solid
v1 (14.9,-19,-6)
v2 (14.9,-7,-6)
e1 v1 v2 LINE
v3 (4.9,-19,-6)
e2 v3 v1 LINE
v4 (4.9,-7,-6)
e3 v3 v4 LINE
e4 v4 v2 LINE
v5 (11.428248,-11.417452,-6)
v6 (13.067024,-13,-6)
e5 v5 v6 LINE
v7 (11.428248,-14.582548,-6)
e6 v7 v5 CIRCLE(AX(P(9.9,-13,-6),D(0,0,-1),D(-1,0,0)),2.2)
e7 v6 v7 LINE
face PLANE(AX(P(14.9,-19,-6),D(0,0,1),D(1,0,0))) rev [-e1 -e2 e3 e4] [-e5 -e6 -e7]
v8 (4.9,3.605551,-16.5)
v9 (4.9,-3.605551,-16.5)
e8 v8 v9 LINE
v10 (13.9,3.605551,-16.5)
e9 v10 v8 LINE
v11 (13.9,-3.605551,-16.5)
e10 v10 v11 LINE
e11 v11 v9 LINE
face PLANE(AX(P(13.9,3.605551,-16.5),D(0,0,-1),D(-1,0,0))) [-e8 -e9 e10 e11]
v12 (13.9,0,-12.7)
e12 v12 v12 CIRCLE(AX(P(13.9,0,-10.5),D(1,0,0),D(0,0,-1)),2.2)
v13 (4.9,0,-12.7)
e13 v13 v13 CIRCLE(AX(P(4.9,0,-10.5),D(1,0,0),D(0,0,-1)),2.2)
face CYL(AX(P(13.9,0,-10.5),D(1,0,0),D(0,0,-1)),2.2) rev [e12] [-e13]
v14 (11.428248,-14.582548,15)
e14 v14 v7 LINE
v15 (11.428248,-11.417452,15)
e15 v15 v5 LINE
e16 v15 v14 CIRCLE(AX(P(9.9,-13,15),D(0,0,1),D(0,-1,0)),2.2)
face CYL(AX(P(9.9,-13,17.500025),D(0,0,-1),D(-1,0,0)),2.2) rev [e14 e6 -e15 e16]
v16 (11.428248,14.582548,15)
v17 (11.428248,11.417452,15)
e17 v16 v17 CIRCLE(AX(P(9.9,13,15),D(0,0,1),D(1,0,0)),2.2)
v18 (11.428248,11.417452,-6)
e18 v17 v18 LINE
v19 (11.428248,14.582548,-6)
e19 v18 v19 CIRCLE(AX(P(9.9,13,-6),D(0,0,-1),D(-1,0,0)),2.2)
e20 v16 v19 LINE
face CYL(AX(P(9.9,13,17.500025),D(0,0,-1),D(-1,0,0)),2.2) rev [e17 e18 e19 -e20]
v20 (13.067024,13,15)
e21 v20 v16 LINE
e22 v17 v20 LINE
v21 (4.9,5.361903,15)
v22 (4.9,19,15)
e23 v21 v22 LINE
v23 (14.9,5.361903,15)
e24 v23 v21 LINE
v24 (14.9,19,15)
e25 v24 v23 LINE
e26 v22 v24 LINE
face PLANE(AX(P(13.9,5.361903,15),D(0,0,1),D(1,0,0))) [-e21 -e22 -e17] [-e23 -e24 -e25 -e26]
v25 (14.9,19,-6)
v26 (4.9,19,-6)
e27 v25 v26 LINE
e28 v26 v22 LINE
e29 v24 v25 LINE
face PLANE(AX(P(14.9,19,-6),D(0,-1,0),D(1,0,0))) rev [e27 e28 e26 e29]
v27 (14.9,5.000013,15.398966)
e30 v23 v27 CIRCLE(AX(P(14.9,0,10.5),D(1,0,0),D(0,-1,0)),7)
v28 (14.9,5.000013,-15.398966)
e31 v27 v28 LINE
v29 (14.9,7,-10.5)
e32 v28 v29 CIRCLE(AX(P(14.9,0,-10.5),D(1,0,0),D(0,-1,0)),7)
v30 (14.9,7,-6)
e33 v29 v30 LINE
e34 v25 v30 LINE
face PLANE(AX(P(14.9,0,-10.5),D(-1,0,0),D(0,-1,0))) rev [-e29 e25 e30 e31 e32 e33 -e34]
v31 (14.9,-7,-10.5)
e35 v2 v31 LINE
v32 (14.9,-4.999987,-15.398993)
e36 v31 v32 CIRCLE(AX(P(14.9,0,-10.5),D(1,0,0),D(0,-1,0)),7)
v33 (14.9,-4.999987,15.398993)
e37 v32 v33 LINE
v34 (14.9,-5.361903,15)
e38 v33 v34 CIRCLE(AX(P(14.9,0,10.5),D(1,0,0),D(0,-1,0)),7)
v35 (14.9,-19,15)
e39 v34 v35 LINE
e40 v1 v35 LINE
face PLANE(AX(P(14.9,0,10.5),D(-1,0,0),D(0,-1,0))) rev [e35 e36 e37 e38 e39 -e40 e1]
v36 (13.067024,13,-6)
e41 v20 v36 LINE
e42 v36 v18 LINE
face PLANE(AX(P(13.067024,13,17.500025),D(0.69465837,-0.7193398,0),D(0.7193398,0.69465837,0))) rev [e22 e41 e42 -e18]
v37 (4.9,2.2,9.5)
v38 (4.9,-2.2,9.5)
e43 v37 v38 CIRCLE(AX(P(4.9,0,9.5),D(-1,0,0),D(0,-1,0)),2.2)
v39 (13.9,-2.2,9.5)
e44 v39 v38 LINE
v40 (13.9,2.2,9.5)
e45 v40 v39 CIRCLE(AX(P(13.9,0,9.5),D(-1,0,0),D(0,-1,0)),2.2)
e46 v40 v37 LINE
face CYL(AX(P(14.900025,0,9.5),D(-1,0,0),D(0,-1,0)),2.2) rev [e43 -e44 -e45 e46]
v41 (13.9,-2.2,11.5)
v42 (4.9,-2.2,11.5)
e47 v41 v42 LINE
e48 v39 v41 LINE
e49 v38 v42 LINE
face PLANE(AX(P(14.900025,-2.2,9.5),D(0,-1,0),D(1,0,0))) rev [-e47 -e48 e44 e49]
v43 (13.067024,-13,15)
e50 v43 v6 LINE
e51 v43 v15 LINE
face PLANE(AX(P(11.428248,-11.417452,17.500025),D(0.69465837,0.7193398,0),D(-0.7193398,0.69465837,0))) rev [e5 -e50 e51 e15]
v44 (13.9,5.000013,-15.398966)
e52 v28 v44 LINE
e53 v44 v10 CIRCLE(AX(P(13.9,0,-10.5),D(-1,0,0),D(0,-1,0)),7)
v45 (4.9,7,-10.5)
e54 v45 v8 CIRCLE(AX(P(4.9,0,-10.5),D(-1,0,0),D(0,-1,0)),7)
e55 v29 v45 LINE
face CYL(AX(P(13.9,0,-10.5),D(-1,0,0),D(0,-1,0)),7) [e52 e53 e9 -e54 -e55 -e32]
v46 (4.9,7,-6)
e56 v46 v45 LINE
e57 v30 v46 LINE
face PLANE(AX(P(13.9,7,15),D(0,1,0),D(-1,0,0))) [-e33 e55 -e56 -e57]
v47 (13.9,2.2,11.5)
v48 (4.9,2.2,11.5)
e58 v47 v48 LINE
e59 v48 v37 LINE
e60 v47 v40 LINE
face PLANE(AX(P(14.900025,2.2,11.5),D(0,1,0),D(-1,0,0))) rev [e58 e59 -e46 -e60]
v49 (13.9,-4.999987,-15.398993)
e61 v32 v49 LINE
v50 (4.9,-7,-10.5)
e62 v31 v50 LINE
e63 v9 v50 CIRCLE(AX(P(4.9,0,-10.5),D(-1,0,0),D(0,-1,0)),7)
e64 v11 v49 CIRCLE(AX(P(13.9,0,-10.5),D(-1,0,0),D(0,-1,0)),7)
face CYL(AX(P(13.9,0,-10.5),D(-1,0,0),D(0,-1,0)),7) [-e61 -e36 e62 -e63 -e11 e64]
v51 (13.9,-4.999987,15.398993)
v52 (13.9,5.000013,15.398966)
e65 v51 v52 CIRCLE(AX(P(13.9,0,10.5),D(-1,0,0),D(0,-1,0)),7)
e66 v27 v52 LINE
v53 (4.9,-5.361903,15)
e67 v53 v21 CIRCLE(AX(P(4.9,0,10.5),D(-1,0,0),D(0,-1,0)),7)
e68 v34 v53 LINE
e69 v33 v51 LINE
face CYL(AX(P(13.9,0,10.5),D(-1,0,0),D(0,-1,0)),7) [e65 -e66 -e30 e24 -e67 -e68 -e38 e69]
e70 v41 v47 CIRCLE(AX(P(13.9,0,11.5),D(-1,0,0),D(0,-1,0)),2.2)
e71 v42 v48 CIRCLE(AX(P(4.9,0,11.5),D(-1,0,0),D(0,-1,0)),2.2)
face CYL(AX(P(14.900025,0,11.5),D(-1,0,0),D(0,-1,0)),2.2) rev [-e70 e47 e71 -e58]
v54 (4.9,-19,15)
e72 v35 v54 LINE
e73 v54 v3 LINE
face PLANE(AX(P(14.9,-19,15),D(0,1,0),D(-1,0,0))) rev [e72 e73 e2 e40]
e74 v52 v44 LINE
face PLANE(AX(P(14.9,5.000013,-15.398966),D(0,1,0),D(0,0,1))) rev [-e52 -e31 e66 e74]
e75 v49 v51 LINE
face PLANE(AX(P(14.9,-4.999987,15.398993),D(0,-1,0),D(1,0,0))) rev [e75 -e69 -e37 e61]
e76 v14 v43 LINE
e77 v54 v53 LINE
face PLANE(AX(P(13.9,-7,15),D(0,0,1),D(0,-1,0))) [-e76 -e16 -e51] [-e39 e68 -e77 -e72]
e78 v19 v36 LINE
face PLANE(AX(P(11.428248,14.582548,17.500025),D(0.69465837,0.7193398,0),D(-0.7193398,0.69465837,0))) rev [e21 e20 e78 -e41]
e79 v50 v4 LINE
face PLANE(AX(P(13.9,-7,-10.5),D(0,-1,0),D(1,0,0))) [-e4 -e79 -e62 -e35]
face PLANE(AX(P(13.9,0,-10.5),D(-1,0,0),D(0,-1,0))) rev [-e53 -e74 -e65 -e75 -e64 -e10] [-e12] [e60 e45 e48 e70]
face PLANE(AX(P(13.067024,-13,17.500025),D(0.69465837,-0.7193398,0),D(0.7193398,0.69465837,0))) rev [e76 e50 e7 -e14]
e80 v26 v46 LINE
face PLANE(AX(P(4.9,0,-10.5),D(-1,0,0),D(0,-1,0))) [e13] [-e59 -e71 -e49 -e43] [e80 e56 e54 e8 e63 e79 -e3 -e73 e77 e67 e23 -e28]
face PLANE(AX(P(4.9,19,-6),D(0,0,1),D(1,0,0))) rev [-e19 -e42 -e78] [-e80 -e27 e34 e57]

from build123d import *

# Parameters (mm, degrees)
BOSS_EXTRUDE1_DEPTH = 9
BOSS_EXTRUDE2_DEPTH = 1
BOSS_EXTRUDE3_DEPTH = 1
SKETCH4_W           = 10
SKETCH4_H           = 21
BOSS_EXTRUDE4_DEPTH = 12
SKETCH5_W           = 10
SKETCH5_H           = 21
BOSS_EXTRUDE5_DEPTH = 12
CUT_EXTRUDE1_DEPTH  = 34.693619574
CUT_EXTRUDE2_DEPTH  = 28.699277969
CUT_EXTRUDE3_DEPTH  = 34.693619574
HOLE1_D             = 4.4


with BuildPart() as part:
    # Sketch1 → Boss-Extrude1 (new body)
    with BuildSketch(Plane(origin=(4.9, 0, 0), x_dir=(0, -1, 0), z_dir=(-1, 0, 0))):
        with BuildLine():
            Line((7, -10.5), (7, 15))
            Line((7, 15), (5.361902647, 15))
            ThreePointArc((5.361902647, 15), (0, 17.5), (-5.361902647, 15))
            Line((-5.361902647, 15), (-7, 15))
            Line((-7, 15), (-7, -10.5))
            ThreePointArc((-7, -10.5), (-6.092571663, -13.946820352), (-3.605551275, -16.5))
            Line((-3.605551275, -16.5), (3.605551275, -16.5))
            ThreePointArc((3.605551275, -16.5), (6.092571663, -13.946820352), (7, -10.5))
        make_face()
    extrude(amount=-BOSS_EXTRUDE1_DEPTH)

    # Sketch2 → Boss-Extrude2 (add)
    with BuildSketch(Plane(origin=(13.9, 0, 0), x_dir=(0, 0, -1), z_dir=(1, 0, 0))):
        with BuildLine():
            Line((-15, -7), (-15, -5.361902647))
            ThreePointArc((-15, -5.361902647), (-15.202979206, -5.184784141), (-15.398993058, -4.999986702))
            Line((-15.398993058, -4.999986702), (15.398993058, -4.999986702))
            ThreePointArc((15.398993058, -4.999986702), (13.145760107, -6.480737107), (10.5, -7))
            Line((10.5, -7), (-15, -7))
        make_face()
    extrude(amount=BOSS_EXTRUDE2_DEPTH)

    # Sketch3 → Boss-Extrude3 (add)
    with BuildSketch(Plane(origin=(13.9, 0, 0), x_dir=(0, 0, -1), z_dir=(1, 0, 0))):
        with BuildLine():
            Line((-15, 7), (10.5, 7))
            ThreePointArc((10.5, 7), (13.145742515, 6.480744289), (15.398965913, 5.000013298))
            Line((15.398965913, 5.000013298), (-15.398965913, 5.000013298))
            ThreePointArc((-15.398965913, 5.000013298), (-15.202965132, 5.184796907), (-15, 5.361902647))
            Line((-15, 5.361902647), (-15, 7))
        make_face()
    extrude(amount=BOSS_EXTRUDE3_DEPTH)

    # Sketch4 → Boss-Extrude4 (add)
    with BuildSketch(Plane.XZ.offset(7)):
        with Locations((9.9, 4.5)):
            Rectangle(SKETCH4_W, SKETCH4_H)
    extrude(amount=BOSS_EXTRUDE4_DEPTH)

    # Sketch5 → Boss-Extrude5 (add)
    with BuildSketch(Plane(origin=(0, 7, 0), x_dir=(-1, 0, 0), z_dir=(0, 1, 0))):
        with Locations((-9.9, 4.5)):
            Rectangle(SKETCH5_W, SKETCH5_H)
    extrude(amount=BOSS_EXTRUDE5_DEPTH)

    # Sketch6 → Cut-Extrude1 (cut, through all)
    with BuildSketch(Plane(origin=(0, 0, -6), x_dir=(-1, 0, 0), z_dir=(0, 0, -1))):
        with BuildLine():
            Line((-11.428248415, 14.582547561), (-13.067024387, 13))
            Line((-13.067024387, 13), (-11.428248415, 11.417452439))
            ThreePointArc((-11.428248415, 11.417452439), (-7.7, 13), (-11.428248415, 14.582547561))
        make_face()
    extrude(amount=-CUT_EXTRUDE1_DEPTH, mode=Mode.SUBTRACT)

    # Sketch7 → Cut-Extrude2 (cut, through all)
    with BuildSketch(Plane.ZY.offset(-4.9)):
        with BuildLine():
            Line((9.5, -2.2), (11.5, -2.2))
            ThreePointArc((11.5, -2.2), (13.7, 0), (11.5, 2.2))
            Line((11.5, 2.2), (9.5, 2.2))
            ThreePointArc((9.5, 2.2), (7.3, 0), (9.5, -2.2))
        make_face()
    extrude(amount=-CUT_EXTRUDE2_DEPTH, mode=Mode.SUBTRACT)

    # Sketch8 → Cut-Extrude3 (cut, through all)
    with BuildSketch(Plane(origin=(0, 0, -6), x_dir=(-1, 0, 0), z_dir=(0, 0, -1))):
        with BuildLine():
            Line((-11.428248415, -11.417452439), (-13.067024387, -13))
            Line((-13.067024387, -13), (-11.428248415, -14.582547561))
            ThreePointArc((-11.428248415, -14.582547561), (-7.7, -13), (-11.428248415, -11.417452439))
        make_face()
    extrude(amount=-CUT_EXTRUDE3_DEPTH, mode=Mode.SUBTRACT)

    # Hole1 (through all)
    with Locations(Plane(origin=(13.9, 0, 0), x_dir=(0, 0, -1), z_dir=(1, 0, 0))):
        with Locations((10.5, 0)):
            Hole(HOLE1_D / 2)


solid = part.part
